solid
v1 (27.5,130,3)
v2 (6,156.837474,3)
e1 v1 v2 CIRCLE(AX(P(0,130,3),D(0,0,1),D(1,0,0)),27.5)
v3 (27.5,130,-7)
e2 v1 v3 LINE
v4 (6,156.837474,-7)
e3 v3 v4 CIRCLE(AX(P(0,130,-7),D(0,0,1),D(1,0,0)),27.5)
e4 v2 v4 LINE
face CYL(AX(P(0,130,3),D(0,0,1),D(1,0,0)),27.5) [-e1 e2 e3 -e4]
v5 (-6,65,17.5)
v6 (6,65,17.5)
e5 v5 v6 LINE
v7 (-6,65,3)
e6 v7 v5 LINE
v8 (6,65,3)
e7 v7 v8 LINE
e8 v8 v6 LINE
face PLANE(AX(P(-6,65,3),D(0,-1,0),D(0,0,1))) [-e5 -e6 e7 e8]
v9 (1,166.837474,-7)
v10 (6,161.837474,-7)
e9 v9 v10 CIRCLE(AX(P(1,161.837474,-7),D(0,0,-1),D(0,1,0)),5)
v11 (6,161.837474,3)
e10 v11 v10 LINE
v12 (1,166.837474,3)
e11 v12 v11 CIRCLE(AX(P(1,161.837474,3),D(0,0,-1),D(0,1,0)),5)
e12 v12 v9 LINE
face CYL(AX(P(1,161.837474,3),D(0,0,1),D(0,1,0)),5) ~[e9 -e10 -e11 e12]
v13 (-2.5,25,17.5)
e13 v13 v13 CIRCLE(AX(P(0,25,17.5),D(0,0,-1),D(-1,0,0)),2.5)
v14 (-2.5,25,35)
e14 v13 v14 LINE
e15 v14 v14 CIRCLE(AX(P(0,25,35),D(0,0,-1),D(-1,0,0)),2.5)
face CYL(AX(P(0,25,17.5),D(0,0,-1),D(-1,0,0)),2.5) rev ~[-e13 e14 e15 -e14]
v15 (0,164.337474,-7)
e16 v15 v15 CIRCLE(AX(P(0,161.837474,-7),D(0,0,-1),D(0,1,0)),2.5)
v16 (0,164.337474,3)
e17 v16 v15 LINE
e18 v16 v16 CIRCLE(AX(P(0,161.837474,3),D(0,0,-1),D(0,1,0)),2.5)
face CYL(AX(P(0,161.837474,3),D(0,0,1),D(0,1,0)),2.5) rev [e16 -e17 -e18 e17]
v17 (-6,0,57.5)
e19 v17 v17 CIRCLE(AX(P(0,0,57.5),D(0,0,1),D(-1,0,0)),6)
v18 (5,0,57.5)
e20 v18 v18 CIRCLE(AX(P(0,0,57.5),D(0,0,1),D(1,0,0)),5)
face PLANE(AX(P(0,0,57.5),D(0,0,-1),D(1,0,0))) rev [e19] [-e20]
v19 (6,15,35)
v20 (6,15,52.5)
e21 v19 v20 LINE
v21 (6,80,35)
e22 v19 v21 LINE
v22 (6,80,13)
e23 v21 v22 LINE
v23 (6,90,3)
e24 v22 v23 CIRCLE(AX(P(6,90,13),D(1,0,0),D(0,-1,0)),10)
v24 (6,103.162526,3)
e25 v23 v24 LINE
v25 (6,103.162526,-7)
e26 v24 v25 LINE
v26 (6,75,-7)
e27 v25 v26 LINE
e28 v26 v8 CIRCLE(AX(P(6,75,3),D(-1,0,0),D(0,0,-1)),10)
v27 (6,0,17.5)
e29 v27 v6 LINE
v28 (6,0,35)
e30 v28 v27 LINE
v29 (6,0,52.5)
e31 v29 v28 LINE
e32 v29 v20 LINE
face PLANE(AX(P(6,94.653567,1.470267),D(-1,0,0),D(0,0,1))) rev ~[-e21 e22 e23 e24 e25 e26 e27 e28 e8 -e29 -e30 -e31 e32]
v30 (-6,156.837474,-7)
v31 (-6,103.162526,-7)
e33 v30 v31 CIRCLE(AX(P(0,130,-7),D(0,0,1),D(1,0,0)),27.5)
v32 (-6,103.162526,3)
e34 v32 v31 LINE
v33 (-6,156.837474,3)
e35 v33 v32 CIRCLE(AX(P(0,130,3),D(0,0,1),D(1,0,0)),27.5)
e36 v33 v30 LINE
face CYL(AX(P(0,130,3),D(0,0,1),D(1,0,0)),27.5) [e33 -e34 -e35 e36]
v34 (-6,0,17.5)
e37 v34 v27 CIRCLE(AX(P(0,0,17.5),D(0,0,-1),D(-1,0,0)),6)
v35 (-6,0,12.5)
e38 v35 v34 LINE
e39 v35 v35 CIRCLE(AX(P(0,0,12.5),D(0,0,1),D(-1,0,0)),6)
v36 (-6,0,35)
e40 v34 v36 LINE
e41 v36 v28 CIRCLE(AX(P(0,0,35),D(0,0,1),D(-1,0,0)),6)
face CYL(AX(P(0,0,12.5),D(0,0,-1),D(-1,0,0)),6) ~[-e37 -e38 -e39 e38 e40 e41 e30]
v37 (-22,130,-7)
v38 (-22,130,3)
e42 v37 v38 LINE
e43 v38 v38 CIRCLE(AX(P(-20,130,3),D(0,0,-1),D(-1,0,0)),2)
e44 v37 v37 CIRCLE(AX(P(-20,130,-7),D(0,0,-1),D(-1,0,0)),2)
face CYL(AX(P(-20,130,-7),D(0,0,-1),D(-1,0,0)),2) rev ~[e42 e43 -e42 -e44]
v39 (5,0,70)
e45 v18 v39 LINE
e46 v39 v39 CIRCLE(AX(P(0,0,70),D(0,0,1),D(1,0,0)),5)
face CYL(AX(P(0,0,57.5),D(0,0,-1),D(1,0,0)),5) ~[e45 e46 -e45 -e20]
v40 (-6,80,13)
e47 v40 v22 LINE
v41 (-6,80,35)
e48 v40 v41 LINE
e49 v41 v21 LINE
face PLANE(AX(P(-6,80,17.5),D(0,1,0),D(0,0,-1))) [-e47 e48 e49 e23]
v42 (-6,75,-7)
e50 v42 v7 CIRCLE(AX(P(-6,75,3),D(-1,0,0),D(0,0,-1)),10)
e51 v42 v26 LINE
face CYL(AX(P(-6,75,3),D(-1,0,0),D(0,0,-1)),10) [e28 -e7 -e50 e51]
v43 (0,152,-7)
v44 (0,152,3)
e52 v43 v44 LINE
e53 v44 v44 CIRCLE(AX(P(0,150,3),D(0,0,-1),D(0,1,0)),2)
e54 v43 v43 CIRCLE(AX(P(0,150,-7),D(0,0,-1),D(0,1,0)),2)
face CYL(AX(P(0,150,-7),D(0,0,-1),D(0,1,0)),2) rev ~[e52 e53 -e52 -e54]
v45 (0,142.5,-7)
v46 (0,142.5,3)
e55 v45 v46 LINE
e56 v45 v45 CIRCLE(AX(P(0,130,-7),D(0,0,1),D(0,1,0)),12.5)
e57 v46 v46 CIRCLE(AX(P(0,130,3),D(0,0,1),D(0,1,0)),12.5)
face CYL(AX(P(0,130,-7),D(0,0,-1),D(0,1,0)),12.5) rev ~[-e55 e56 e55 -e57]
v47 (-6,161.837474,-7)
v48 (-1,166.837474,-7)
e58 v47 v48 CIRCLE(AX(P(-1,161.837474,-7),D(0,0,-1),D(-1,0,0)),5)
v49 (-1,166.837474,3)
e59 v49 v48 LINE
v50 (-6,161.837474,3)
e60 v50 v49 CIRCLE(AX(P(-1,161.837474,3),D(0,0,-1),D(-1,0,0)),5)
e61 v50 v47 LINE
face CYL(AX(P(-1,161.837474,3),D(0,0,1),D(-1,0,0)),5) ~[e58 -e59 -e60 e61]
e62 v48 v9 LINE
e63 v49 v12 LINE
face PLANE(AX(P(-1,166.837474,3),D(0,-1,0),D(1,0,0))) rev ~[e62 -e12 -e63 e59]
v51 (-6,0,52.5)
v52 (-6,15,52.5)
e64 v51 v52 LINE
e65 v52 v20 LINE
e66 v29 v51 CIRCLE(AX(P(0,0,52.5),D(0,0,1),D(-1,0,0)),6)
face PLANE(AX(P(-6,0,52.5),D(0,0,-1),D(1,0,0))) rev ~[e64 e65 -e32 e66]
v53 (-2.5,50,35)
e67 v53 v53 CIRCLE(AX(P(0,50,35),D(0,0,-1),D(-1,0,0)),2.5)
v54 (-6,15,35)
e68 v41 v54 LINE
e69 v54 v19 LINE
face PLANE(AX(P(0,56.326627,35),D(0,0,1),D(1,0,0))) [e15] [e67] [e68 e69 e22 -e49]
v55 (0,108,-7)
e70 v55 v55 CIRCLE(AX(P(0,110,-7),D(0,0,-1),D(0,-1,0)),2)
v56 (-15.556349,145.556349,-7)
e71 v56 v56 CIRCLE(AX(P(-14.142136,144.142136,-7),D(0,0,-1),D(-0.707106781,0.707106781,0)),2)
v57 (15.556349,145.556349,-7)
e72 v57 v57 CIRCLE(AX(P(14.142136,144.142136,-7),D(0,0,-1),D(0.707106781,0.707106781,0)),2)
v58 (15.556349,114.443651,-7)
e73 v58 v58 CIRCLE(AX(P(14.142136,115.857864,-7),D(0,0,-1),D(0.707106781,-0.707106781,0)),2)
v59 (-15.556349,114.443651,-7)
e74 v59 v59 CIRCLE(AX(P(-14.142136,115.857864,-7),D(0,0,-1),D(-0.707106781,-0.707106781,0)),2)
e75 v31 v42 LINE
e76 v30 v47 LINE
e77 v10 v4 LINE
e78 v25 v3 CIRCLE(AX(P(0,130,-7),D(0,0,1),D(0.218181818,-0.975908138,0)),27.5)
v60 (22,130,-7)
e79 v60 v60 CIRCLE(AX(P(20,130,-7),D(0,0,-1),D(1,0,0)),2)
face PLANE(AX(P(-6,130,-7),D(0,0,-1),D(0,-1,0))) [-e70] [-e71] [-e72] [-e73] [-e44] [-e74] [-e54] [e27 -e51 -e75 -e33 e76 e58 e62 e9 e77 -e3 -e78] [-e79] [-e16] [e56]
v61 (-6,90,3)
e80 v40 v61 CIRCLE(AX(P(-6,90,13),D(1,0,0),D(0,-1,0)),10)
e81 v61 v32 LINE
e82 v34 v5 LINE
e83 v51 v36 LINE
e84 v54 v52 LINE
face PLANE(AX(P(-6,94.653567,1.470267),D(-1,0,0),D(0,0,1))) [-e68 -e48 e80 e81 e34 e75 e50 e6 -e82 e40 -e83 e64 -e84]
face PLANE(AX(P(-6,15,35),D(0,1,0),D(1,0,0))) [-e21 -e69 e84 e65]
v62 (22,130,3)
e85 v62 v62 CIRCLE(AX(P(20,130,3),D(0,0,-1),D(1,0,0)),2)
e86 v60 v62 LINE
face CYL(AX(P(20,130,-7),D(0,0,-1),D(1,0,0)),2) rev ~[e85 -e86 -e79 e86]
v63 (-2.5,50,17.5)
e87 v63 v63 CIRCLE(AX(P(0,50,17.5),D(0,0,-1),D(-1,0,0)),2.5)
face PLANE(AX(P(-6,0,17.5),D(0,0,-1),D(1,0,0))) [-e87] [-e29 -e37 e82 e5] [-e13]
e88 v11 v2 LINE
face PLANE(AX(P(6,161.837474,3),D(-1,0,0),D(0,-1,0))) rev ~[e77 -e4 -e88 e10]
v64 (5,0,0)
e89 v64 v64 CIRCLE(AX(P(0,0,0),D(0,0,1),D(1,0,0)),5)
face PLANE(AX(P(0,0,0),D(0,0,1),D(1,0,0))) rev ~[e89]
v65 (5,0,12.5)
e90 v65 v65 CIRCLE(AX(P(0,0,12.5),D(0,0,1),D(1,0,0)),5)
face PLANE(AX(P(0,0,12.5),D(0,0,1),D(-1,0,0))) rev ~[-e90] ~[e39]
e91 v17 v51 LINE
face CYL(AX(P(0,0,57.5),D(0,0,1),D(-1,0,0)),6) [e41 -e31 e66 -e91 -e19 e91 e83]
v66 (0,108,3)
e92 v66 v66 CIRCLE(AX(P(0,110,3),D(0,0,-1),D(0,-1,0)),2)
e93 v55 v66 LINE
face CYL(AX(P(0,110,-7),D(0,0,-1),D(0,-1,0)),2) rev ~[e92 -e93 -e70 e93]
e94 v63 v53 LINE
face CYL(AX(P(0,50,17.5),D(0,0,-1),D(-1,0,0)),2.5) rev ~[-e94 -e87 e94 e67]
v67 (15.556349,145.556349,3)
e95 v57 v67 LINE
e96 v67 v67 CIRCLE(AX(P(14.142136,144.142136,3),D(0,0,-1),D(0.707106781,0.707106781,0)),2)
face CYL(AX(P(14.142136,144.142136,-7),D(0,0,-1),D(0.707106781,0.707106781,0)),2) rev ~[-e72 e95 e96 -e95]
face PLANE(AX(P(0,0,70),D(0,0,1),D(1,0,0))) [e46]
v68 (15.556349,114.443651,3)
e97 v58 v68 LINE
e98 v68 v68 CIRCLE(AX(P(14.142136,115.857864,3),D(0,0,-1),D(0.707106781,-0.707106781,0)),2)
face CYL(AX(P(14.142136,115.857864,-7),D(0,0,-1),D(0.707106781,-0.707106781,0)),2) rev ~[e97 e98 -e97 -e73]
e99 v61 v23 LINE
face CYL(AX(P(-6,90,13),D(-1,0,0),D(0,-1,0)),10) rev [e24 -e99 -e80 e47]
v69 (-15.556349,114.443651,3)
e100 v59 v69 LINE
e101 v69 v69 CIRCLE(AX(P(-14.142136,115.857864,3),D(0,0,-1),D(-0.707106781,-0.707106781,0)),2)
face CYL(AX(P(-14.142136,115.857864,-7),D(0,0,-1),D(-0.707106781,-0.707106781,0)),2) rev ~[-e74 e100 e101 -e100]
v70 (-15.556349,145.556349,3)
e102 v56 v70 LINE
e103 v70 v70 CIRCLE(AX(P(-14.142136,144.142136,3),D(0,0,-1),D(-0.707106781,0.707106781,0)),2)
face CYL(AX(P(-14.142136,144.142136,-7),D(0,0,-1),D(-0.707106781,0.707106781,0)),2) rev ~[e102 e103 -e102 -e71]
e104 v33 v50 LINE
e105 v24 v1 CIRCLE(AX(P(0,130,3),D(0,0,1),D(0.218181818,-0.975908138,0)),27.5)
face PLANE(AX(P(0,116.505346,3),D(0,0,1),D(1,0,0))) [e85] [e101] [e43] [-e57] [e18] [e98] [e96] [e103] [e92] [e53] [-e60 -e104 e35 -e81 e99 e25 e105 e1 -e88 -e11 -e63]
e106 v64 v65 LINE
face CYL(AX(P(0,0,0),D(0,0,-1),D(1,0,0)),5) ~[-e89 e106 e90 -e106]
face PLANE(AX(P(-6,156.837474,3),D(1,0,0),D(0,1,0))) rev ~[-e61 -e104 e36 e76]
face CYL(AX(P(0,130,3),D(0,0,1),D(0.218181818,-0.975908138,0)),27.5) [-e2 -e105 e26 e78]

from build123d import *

# Parameters (mm, degrees)
SKETCH_1_R               = 5
EXTRUDE_1_DEPTH          = 12.5
SKETCH_2_R               = 6
EXTRUDE_2_DEPTH          = 22.5
SKETCH_3_R               = 5
EXTRUDE_3_DEPTH          = 12.5
SKETCH_4_W               = 12
SKETCH_4_H               = 35
EXTRUDE_4_DEPTH          = 80
EXTRUDE_5_DEPTH          = 12
EXTRUDE_6_DEPTH          = 10
SKETCH_7_R               = 9.5
CUT_EXTRUDE_1_DEPTH      = 2
SKETCH_8_R               = 6
CUT_EXTRUDE_2_DEPTH      = 166.329973084
EXTRUDE_START            = -10
EXTRUDE_7_DEPTH          = 10
SKETCH_10_R              = 2.5
CUT_EXTRUDE_3_DEPTH      = 10
FILLET_1_R               = 5
FILLET_2_R               = 5
SKETCH_11_R              = 2.5
CUT_EXTRUDE_4_DEPTH      = 10
EXTRUDE_8_DEPTH          = 10
SKETCH_13_R              = 12.5
SKETCH_13_R_2            = 2
CUT_EXTRUDE_5_DEPTH      = 10
PATTERN_CIRCULAR_1_COUNT = 8
SKETCH_14_R              = 2.5
EXTRUDE_9_DEPTH          = 10
SKETCH_15_R              = 2.5
CUT_EXTRUDE_6_DEPTH      = 35
CUT_EXTRUDE_7_DEPTH      = 175.719754648


with BuildPart() as part:
    # 草图1 → 凸台-拉伸1 (new body)
    with BuildSketch(Plane.XY):
        Circle(SKETCH_1_R)
    extrude(amount=EXTRUDE_1_DEPTH)

    # 草图2 → 凸台-拉伸2 (add)
    with BuildSketch(Plane.XY.offset(12.5)):
        with Locations(Location((0, 0, 0), (0, 0, 180))):
            Circle(SKETCH_2_R)
    extrude_2 = extrude(amount=EXTRUDE_2_DEPTH)

    # 镜向2: 凸台-拉伸2 across plane
    add(extrude_2.mirror(Plane.XY.offset(35)))

    # 草图3 → 凸台-拉伸3 (add)
    with BuildSketch(Plane.XY.offset(57.5)):
        Circle(SKETCH_3_R)
    extrude(amount=EXTRUDE_3_DEPTH)

    # 草图4 → 凸台-拉伸4 (add)
    with BuildSketch(Plane(origin=(0, 0, 0), x_dir=(1, 0, 0), z_dir=(0, 1, 0))):
        with Locations((0, -35)):
            Rectangle(SKETCH_4_W, SKETCH_4_H)
    extrude(amount=EXTRUDE_4_DEPTH)

    # 草图5 → 凸台-拉伸5 (add)
    with BuildSketch(Plane.ZY.offset(6)):
        with BuildLine():
            Line((17.5, 65), (17.5, 80))
            Line((17.5, 80), (13, 80))
            ThreePointArc((13, 80), (5.928932188, 82.928932188), (3, 90))
            Line((3, 90), (3, 130))
            Line((3, 130), (-7, 130))
            Line((-7, 130), (-7, 75))
            ThreePointArc((-7, 75), (-4.071067812, 67.928932188), (3, 65))
            Line((3, 65), (17.5, 65))
        make_face()
        with BuildLine():
            Line((59, 80), (52.5, 80))
            Line((52.5, 80), (52.5, 65))
            Line((52.5, 65), (69, 65))
            ThreePointArc((69, 65), (76.071067812, 67.928932188), (79, 75))
            Line((79, 75), (79, 130))
            Line((79, 130), (69, 130))
            Line((69, 130), (69, 90))
            ThreePointArc((69, 90), (66.071067812, 82.928932188), (59, 80))
        make_face()
    extrude(amount=-EXTRUDE_5_DEPTH)

    # 草图6 → 凸台-拉伸6 (add)
    with BuildSketch(Plane(origin=(0, 0, 69), x_dir=(-1, 0, 0), z_dir=(0, 0, -1))):
        with BuildLine():
            Line((6, 116.252272915), (6, 130))
            Line((6, 130), (-6, 130))
            Line((-6, 130), (-6, 116.252272915))
            ThreePointArc((-6, 116.252272915), (0, 115), (6, 116.252272915))
        make_face()
        with BuildLine():
            Line((-6, 130), (6, 130))
            Line((6, 130), (6, 116.252272915))
            ThreePointArc((6, 116.252272915), (12.549900398, 121.784161637), (15, 130))
            ThreePointArc((15, 130), (-8.215838363, 142.549900398), (-6, 116.252272915))
            Line((-6, 116.252272915), (-6, 130))
        make_face()
    extrude(amount=-EXTRUDE_6_DEPTH)

    # 草图7 → 切除-拉伸1 (cut)
    with BuildSketch(Plane(origin=(0, 0, 69), x_dir=(-1, 0, 0), z_dir=(0, 0, -1))):
        with Locations((0, 130)):
            Circle(SKETCH_7_R)
    extrude(amount=-CUT_EXTRUDE_1_DEPTH, mode=Mode.SUBTRACT)

    # 草图8 → 切除-拉伸2 (cut, through all)
    with BuildSketch(Plane(origin=(0, 0, 71), x_dir=(-1, 0, 0), z_dir=(0, 0, -1))):
        with Locations((0, 130)):
            Circle(SKETCH_8_R)
    extrude(amount=-CUT_EXTRUDE_2_DEPTH, mode=Mode.SUBTRACT)

    # 草图9 → 凸台-拉伸7 (add)
    with BuildSketch(Plane.XY.offset(79).offset(EXTRUDE_START)):
        with BuildLine():
            Line((-15, 155), (-15, 130))
            ThreePointArc((-15, 130), (0, 145), (15, 130))
            Line((15, 130), (15, 155))
            Line((15, 155), (-15, 155))
        make_face()
    extrude(amount=EXTRUDE_7_DEPTH)

    # 草图10 → 切除-拉伸3 (cut)
    with BuildSketch(Plane.XY.offset(79)):
        with Locations((10, 150)):
            Circle(SKETCH_10_R)
    extrude(amount=-CUT_EXTRUDE_3_DEPTH, mode=Mode.SUBTRACT)

    # 圆角1
    fillet_1_edges = [part.edges().sort_by_distance(p)[0] for p in [
        (15, 155, 74),
    ]]
    fillet(fillet_1_edges, radius=FILLET_1_R)

    # 圆角2
    fillet_2_edges = [part.edges().sort_by_distance(p)[0] for p in [
        (-15, 155, 74),
    ]]
    fillet(fillet_2_edges, radius=FILLET_2_R)

    # 草图11 → 切除-拉伸4 (cut)
    with BuildSketch(Plane.XY.offset(79)):
        with Locations((-10, 150)):
            Circle(SKETCH_11_R)
    extrude(amount=-CUT_EXTRUDE_4_DEPTH, mode=Mode.SUBTRACT)

    # 草图12 → 凸台-拉伸8 (add)
    with BuildSketch(Plane.XY.offset(3)):
        with BuildLine():
            ThreePointArc((-6, 103.162526199), (0, 102.5), (6, 103.162526199))
            Line((6, 103.162526199), (6, 130))
            Line((6, 130), (-6, 130))
            Line((-6, 130), (-6, 103.162526199))
        make_face()
        with BuildLine():
            Line((6, 130), (6, 103.162526199))
            ThreePointArc((6, 103.162526199), (21.462176031, 112.806251136), (27.5, 130))
            ThreePointArc((27.5, 130), (-17.193748864, 151.462176031), (-6, 103.162526199))
            Line((-6, 103.162526199), (-6, 130))
            Line((-6, 130), (6, 130))
        make_face()
    extrude(amount=-EXTRUDE_8_DEPTH)

    # 草图13 → 切除-拉伸5 (cut)
    with BuildSketch(Plane(origin=(0, 0, -7), x_dir=(-1, 0, 0), z_dir=(0, 0, -1))):
        with Locations(Location((0, 130, 0), (0, 0, 90))):
            Circle(SKETCH_13_R)
        with Locations(Location((0, 150, 0), (0, 0, 90))):
            Circle(SKETCH_13_R_2)
    cut_extrude_5 = extrude(amount=-CUT_EXTRUDE_5_DEPTH, mode=Mode.SUBTRACT)

    # 阵列(圆周)1: 切除-拉伸5 ×8 about axis
    pattern_circular_1_axis = Axis((0, 130, 0), (0, 0, 1))
    for i in range(1, PATTERN_CIRCULAR_1_COUNT):
        add(cut_extrude_5.rotate(pattern_circular_1_axis, i * 360 / PATTERN_CIRCULAR_1_COUNT), mode=Mode.SUBTRACT)

    # 草图14 → 凸台-拉伸9 (add)
    with BuildSketch(Plane(origin=(0, 0, -7), x_dir=(-1, 0, 0), z_dir=(0, 0, -1)).offset(EXTRUDE_START)):
        with BuildLine():
            Line((-6, 161.837473801), (-6, 156.837473801))
            ThreePointArc((-6, 156.837473801), (0, 157.5), (6, 156.837473801))
            Line((6, 156.837473801), (6, 161.837473801))
            ThreePointArc((6, 161.837473801), (4.535533906, 165.373007707), (1, 166.837473801))
            Line((1, 166.837473801), (-1, 166.837473801))
            ThreePointArc((-1, 166.837473801), (-4.535533906, 165.373007707), (-6, 161.837473801))
        make_face()
        with Locations(Location((0, 161.837473801, 0), (0, 0, 90))):
            Circle(SKETCH_14_R, mode=Mode.SUBTRACT)
    extrude(amount=EXTRUDE_9_DEPTH)

    # 草图15 → 切除-拉伸6 (cut)
    with BuildSketch(Plane(origin=(0, 0, 17.5), x_dir=(-1, 0, 0), z_dir=(0, 0, -1))):
        with Locations((0, 25)):
            Circle(SKETCH_15_R)
        with Locations((0, 50)):
            Circle(SKETCH_15_R)
    extrude(amount=-CUT_EXTRUDE_6_DEPTH, mode=Mode.SUBTRACT)

    # 草图16 → 切除-拉伸7 (cut, through all)
    with BuildSketch(Plane.XY.offset(35)):
        Polygon((-6, 97.653254631), (-6, 65), (-6, 15), (6, 15), (6, 65), (6, 97.653254631), align=None)
    extrude(amount=CUT_EXTRUDE_7_DEPTH, mode=Mode.SUBTRACT)


with BuildPart() as body_2:
    # of the pieces the cut leaves, the one that is kept (cut_extrude_7_keep)
    add(part.part.solids().sort_by_distance((-6, 0, 17.5))[0])


solid = body_2.part
